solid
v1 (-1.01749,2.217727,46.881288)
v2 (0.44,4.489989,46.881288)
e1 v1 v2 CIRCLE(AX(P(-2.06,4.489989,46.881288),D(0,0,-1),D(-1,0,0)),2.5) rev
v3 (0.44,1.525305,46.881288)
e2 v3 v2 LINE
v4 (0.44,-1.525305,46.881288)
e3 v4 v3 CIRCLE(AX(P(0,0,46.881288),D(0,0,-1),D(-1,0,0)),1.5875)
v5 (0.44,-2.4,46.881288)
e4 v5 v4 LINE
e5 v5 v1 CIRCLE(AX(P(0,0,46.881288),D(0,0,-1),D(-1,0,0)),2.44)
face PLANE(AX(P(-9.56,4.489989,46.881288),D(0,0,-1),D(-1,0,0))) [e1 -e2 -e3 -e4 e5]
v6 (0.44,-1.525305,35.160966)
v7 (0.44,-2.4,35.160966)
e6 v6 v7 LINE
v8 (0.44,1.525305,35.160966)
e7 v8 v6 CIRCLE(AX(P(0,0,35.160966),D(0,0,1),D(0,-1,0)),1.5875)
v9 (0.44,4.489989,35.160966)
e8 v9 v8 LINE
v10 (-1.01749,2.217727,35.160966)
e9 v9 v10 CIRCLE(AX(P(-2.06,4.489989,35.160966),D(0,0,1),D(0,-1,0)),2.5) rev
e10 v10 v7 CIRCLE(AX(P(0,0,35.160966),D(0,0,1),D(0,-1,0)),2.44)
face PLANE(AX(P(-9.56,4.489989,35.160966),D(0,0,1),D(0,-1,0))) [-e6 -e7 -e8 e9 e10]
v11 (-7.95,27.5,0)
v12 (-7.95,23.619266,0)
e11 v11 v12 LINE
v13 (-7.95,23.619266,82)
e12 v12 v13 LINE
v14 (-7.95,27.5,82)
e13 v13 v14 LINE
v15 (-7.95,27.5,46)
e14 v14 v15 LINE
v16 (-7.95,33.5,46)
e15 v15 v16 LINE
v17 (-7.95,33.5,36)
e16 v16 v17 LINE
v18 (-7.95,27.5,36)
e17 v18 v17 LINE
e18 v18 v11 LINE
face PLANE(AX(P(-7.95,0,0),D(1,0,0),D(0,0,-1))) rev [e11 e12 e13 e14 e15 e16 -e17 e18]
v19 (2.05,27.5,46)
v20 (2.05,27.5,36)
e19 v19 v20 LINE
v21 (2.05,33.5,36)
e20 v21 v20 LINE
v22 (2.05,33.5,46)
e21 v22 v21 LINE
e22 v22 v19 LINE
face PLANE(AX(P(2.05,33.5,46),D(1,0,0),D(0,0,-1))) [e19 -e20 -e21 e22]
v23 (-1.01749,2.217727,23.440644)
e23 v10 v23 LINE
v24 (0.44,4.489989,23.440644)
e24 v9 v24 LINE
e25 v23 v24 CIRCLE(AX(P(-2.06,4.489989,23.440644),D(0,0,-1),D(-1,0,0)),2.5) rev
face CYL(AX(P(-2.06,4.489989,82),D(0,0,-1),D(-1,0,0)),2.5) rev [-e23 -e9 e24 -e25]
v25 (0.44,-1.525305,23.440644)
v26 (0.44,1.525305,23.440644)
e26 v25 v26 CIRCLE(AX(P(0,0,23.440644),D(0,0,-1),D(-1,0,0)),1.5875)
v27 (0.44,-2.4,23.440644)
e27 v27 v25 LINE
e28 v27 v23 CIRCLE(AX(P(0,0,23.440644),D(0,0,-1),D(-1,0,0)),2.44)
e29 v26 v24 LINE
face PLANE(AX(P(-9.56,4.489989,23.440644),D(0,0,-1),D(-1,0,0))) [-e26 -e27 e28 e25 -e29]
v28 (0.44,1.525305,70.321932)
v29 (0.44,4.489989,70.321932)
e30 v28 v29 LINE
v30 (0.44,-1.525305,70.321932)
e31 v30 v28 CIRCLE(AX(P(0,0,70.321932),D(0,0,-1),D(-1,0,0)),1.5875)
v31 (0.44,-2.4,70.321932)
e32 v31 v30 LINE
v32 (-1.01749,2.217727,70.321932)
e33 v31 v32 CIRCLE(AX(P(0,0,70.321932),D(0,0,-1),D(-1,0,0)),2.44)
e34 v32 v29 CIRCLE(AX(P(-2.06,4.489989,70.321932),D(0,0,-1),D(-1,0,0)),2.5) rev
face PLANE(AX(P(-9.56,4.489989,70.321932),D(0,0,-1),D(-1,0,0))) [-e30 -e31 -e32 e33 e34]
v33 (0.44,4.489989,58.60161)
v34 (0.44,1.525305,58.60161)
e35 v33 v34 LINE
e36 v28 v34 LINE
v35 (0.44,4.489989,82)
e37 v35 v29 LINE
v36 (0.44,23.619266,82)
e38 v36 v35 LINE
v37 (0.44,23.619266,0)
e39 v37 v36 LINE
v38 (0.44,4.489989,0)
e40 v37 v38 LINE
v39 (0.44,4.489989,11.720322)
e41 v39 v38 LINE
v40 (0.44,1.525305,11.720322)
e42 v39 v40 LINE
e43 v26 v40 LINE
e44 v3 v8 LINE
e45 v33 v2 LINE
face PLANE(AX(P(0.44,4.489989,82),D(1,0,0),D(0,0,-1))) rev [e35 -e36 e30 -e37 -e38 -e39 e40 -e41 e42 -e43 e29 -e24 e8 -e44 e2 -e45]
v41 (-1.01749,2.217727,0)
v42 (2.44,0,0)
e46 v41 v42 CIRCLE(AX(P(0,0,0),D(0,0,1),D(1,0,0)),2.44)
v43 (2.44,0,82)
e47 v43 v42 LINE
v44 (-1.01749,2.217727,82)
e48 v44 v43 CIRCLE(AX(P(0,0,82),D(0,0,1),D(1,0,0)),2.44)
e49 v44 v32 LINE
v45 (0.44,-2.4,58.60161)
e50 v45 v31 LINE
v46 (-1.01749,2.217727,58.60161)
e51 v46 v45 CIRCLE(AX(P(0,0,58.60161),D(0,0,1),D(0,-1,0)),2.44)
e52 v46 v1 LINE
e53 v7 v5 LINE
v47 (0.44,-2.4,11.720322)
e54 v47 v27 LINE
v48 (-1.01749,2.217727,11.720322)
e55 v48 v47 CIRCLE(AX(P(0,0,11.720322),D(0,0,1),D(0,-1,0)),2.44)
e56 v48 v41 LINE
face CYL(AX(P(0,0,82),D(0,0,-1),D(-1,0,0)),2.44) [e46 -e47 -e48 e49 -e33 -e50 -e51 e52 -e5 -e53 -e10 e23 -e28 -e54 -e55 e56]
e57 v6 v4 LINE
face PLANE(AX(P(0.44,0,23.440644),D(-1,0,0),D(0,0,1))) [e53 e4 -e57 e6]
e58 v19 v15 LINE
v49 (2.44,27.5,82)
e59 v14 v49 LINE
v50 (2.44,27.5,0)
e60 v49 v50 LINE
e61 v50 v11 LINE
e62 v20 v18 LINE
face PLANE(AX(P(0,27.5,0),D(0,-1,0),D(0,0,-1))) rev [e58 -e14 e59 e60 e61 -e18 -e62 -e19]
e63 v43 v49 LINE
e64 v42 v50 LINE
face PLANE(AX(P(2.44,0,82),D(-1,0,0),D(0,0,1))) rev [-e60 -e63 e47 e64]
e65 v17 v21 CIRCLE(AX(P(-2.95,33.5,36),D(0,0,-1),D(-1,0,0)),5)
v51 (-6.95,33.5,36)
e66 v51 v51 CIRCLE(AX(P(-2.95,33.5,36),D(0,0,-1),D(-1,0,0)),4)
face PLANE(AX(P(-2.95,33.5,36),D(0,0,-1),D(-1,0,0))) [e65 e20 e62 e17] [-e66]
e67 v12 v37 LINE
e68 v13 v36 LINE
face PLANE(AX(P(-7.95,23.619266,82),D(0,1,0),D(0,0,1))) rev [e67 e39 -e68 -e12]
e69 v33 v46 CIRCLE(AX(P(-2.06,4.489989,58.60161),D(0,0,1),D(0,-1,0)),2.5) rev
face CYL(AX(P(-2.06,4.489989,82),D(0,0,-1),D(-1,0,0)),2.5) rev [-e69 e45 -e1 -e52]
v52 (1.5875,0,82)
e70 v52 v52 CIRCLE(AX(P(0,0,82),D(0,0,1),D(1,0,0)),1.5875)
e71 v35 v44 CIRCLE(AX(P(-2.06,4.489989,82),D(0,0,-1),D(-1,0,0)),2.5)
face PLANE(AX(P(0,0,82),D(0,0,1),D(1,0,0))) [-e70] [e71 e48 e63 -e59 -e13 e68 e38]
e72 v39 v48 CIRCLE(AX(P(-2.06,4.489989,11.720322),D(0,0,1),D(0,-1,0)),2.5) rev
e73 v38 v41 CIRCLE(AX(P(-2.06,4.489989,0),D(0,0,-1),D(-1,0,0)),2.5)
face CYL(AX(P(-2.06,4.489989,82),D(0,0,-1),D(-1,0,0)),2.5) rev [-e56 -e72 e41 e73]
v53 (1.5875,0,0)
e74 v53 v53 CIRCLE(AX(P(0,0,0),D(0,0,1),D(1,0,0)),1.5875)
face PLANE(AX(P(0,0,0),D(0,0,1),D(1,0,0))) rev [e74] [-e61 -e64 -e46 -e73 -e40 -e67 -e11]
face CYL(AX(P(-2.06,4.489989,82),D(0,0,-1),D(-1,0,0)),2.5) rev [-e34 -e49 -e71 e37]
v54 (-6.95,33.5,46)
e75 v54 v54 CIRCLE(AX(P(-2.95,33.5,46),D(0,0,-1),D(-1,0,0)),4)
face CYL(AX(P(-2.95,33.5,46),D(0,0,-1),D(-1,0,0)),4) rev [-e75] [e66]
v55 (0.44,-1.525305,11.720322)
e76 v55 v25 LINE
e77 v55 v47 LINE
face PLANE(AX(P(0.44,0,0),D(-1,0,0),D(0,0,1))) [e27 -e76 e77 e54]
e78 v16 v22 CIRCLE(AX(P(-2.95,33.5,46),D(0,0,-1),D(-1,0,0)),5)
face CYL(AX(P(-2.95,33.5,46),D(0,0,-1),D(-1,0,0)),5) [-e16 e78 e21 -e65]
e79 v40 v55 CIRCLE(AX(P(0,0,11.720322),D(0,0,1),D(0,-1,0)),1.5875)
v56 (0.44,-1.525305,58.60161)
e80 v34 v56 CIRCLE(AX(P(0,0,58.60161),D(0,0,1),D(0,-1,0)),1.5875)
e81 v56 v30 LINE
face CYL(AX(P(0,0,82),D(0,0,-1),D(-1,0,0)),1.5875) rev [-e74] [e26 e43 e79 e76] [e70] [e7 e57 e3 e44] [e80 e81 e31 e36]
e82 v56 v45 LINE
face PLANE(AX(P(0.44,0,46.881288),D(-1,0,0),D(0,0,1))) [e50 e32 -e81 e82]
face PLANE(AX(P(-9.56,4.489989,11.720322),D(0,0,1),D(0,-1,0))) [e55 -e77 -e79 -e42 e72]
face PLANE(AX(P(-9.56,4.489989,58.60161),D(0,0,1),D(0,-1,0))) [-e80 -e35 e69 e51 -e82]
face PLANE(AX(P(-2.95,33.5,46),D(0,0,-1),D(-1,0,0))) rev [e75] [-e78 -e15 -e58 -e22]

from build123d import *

# Parameters (mm, degrees)
SKETCH1_R           = 1.5875
BOSS_EXTRUDE1_DEPTH = 82
SKETCH3_W           = 2
SKETCH3_H           = 82
BOSS_EXTRUDE4_DEPTH = 2.5
SKETCH6_W           = 82
SKETCH6_H           = 3.880734095
BOSS_EXTRUDE5_DEPTH = 8.39
BOSS_EXTRUDE6_START = -36
SKETCH8_R           = 4
BOSS_EXTRUDE6_DEPTH = 10
SKETCH10_W          = 11.720322
SKETCH10_H          = 6.929988864
CUT_EXTRUDE1_DEPTH  = 10
LPATTERN1_COUNT     = 3
LPATTERN1_PITCH     = 23.440644


with BuildPart() as part:
    # Sketch1 → Boss-Extrude1 (new body)
    with BuildSketch(Plane.XY):
        with BuildLine():
            Line((2.44, 0), (2.44, 25))
            Line((2.44, 25), (0.44, 25))
            Line((0.44, 25), (0.44, 4.489988864))
            ThreePointArc((0.44, 4.489988864), (0.044314057, 3.140225052), (-1.017489879, 2.217727293))
            ThreePointArc((-1.017489879, 2.217727293), (-1.317369481, -2.05381052), (2.44, 0))
        make_face()
        Circle(SKETCH1_R, mode=Mode.SUBTRACT)
    extrude(amount=BOSS_EXTRUDE1_DEPTH)

    # Sketch3 → Boss-Extrude4 (add)
    with BuildSketch(Plane(origin=(0, 25, 0), x_dir=(1, 0, 0), z_dir=(0, 1, 0))):
        with Locations((1.44, -41)):
            Rectangle(SKETCH3_W, SKETCH3_H)
    extrude(amount=BOSS_EXTRUDE4_DEPTH)

    # Sketch6 → Boss-Extrude5 (add)
    with BuildSketch(Plane.ZY.offset(-0.44)):
        with Locations((41, 25.559632953)):
            Rectangle(SKETCH6_W, SKETCH6_H)
    extrude(amount=BOSS_EXTRUDE5_DEPTH)

    # Sketch8 → Boss-Extrude6 (add)
    with BuildSketch(Plane(origin=(0, 0, 0), x_dir=(-1, 0, 0), z_dir=(0, 0, -1)).offset(BOSS_EXTRUDE6_START)):
        with BuildLine():
            Line((7.95, 27.5), (7.95, 33.5))
            ThreePointArc((7.95, 33.5), (2.95, 38.5), (-2.05, 33.5))
            Line((-2.05, 33.5), (-2.05, 27.5))
            Line((-2.05, 27.5), (7.95, 27.5))
        make_face()
        with Locations((2.95, 33.5)):
            Circle(SKETCH8_R, mode=Mode.SUBTRACT)
    extrude(amount=-BOSS_EXTRUDE6_DEPTH)

    # Sketch10 → Cut-Extrude1 (cut)
    with BuildSketch(Plane.ZY.offset(-0.44)):
        with Locations((17.580483, 1.024994432)):
            Rectangle(SKETCH10_W, SKETCH10_H)
    cut_extrude1 = extrude(amount=CUT_EXTRUDE1_DEPTH, mode=Mode.SUBTRACT)

    # LPattern1: Cut-Extrude1 ×3
    with Locations(*[(0, 0, i * LPATTERN1_PITCH) for i in range(1, LPATTERN1_COUNT)]):
        add(cut_extrude1, mode=Mode.SUBTRACT)


solid = part.part
